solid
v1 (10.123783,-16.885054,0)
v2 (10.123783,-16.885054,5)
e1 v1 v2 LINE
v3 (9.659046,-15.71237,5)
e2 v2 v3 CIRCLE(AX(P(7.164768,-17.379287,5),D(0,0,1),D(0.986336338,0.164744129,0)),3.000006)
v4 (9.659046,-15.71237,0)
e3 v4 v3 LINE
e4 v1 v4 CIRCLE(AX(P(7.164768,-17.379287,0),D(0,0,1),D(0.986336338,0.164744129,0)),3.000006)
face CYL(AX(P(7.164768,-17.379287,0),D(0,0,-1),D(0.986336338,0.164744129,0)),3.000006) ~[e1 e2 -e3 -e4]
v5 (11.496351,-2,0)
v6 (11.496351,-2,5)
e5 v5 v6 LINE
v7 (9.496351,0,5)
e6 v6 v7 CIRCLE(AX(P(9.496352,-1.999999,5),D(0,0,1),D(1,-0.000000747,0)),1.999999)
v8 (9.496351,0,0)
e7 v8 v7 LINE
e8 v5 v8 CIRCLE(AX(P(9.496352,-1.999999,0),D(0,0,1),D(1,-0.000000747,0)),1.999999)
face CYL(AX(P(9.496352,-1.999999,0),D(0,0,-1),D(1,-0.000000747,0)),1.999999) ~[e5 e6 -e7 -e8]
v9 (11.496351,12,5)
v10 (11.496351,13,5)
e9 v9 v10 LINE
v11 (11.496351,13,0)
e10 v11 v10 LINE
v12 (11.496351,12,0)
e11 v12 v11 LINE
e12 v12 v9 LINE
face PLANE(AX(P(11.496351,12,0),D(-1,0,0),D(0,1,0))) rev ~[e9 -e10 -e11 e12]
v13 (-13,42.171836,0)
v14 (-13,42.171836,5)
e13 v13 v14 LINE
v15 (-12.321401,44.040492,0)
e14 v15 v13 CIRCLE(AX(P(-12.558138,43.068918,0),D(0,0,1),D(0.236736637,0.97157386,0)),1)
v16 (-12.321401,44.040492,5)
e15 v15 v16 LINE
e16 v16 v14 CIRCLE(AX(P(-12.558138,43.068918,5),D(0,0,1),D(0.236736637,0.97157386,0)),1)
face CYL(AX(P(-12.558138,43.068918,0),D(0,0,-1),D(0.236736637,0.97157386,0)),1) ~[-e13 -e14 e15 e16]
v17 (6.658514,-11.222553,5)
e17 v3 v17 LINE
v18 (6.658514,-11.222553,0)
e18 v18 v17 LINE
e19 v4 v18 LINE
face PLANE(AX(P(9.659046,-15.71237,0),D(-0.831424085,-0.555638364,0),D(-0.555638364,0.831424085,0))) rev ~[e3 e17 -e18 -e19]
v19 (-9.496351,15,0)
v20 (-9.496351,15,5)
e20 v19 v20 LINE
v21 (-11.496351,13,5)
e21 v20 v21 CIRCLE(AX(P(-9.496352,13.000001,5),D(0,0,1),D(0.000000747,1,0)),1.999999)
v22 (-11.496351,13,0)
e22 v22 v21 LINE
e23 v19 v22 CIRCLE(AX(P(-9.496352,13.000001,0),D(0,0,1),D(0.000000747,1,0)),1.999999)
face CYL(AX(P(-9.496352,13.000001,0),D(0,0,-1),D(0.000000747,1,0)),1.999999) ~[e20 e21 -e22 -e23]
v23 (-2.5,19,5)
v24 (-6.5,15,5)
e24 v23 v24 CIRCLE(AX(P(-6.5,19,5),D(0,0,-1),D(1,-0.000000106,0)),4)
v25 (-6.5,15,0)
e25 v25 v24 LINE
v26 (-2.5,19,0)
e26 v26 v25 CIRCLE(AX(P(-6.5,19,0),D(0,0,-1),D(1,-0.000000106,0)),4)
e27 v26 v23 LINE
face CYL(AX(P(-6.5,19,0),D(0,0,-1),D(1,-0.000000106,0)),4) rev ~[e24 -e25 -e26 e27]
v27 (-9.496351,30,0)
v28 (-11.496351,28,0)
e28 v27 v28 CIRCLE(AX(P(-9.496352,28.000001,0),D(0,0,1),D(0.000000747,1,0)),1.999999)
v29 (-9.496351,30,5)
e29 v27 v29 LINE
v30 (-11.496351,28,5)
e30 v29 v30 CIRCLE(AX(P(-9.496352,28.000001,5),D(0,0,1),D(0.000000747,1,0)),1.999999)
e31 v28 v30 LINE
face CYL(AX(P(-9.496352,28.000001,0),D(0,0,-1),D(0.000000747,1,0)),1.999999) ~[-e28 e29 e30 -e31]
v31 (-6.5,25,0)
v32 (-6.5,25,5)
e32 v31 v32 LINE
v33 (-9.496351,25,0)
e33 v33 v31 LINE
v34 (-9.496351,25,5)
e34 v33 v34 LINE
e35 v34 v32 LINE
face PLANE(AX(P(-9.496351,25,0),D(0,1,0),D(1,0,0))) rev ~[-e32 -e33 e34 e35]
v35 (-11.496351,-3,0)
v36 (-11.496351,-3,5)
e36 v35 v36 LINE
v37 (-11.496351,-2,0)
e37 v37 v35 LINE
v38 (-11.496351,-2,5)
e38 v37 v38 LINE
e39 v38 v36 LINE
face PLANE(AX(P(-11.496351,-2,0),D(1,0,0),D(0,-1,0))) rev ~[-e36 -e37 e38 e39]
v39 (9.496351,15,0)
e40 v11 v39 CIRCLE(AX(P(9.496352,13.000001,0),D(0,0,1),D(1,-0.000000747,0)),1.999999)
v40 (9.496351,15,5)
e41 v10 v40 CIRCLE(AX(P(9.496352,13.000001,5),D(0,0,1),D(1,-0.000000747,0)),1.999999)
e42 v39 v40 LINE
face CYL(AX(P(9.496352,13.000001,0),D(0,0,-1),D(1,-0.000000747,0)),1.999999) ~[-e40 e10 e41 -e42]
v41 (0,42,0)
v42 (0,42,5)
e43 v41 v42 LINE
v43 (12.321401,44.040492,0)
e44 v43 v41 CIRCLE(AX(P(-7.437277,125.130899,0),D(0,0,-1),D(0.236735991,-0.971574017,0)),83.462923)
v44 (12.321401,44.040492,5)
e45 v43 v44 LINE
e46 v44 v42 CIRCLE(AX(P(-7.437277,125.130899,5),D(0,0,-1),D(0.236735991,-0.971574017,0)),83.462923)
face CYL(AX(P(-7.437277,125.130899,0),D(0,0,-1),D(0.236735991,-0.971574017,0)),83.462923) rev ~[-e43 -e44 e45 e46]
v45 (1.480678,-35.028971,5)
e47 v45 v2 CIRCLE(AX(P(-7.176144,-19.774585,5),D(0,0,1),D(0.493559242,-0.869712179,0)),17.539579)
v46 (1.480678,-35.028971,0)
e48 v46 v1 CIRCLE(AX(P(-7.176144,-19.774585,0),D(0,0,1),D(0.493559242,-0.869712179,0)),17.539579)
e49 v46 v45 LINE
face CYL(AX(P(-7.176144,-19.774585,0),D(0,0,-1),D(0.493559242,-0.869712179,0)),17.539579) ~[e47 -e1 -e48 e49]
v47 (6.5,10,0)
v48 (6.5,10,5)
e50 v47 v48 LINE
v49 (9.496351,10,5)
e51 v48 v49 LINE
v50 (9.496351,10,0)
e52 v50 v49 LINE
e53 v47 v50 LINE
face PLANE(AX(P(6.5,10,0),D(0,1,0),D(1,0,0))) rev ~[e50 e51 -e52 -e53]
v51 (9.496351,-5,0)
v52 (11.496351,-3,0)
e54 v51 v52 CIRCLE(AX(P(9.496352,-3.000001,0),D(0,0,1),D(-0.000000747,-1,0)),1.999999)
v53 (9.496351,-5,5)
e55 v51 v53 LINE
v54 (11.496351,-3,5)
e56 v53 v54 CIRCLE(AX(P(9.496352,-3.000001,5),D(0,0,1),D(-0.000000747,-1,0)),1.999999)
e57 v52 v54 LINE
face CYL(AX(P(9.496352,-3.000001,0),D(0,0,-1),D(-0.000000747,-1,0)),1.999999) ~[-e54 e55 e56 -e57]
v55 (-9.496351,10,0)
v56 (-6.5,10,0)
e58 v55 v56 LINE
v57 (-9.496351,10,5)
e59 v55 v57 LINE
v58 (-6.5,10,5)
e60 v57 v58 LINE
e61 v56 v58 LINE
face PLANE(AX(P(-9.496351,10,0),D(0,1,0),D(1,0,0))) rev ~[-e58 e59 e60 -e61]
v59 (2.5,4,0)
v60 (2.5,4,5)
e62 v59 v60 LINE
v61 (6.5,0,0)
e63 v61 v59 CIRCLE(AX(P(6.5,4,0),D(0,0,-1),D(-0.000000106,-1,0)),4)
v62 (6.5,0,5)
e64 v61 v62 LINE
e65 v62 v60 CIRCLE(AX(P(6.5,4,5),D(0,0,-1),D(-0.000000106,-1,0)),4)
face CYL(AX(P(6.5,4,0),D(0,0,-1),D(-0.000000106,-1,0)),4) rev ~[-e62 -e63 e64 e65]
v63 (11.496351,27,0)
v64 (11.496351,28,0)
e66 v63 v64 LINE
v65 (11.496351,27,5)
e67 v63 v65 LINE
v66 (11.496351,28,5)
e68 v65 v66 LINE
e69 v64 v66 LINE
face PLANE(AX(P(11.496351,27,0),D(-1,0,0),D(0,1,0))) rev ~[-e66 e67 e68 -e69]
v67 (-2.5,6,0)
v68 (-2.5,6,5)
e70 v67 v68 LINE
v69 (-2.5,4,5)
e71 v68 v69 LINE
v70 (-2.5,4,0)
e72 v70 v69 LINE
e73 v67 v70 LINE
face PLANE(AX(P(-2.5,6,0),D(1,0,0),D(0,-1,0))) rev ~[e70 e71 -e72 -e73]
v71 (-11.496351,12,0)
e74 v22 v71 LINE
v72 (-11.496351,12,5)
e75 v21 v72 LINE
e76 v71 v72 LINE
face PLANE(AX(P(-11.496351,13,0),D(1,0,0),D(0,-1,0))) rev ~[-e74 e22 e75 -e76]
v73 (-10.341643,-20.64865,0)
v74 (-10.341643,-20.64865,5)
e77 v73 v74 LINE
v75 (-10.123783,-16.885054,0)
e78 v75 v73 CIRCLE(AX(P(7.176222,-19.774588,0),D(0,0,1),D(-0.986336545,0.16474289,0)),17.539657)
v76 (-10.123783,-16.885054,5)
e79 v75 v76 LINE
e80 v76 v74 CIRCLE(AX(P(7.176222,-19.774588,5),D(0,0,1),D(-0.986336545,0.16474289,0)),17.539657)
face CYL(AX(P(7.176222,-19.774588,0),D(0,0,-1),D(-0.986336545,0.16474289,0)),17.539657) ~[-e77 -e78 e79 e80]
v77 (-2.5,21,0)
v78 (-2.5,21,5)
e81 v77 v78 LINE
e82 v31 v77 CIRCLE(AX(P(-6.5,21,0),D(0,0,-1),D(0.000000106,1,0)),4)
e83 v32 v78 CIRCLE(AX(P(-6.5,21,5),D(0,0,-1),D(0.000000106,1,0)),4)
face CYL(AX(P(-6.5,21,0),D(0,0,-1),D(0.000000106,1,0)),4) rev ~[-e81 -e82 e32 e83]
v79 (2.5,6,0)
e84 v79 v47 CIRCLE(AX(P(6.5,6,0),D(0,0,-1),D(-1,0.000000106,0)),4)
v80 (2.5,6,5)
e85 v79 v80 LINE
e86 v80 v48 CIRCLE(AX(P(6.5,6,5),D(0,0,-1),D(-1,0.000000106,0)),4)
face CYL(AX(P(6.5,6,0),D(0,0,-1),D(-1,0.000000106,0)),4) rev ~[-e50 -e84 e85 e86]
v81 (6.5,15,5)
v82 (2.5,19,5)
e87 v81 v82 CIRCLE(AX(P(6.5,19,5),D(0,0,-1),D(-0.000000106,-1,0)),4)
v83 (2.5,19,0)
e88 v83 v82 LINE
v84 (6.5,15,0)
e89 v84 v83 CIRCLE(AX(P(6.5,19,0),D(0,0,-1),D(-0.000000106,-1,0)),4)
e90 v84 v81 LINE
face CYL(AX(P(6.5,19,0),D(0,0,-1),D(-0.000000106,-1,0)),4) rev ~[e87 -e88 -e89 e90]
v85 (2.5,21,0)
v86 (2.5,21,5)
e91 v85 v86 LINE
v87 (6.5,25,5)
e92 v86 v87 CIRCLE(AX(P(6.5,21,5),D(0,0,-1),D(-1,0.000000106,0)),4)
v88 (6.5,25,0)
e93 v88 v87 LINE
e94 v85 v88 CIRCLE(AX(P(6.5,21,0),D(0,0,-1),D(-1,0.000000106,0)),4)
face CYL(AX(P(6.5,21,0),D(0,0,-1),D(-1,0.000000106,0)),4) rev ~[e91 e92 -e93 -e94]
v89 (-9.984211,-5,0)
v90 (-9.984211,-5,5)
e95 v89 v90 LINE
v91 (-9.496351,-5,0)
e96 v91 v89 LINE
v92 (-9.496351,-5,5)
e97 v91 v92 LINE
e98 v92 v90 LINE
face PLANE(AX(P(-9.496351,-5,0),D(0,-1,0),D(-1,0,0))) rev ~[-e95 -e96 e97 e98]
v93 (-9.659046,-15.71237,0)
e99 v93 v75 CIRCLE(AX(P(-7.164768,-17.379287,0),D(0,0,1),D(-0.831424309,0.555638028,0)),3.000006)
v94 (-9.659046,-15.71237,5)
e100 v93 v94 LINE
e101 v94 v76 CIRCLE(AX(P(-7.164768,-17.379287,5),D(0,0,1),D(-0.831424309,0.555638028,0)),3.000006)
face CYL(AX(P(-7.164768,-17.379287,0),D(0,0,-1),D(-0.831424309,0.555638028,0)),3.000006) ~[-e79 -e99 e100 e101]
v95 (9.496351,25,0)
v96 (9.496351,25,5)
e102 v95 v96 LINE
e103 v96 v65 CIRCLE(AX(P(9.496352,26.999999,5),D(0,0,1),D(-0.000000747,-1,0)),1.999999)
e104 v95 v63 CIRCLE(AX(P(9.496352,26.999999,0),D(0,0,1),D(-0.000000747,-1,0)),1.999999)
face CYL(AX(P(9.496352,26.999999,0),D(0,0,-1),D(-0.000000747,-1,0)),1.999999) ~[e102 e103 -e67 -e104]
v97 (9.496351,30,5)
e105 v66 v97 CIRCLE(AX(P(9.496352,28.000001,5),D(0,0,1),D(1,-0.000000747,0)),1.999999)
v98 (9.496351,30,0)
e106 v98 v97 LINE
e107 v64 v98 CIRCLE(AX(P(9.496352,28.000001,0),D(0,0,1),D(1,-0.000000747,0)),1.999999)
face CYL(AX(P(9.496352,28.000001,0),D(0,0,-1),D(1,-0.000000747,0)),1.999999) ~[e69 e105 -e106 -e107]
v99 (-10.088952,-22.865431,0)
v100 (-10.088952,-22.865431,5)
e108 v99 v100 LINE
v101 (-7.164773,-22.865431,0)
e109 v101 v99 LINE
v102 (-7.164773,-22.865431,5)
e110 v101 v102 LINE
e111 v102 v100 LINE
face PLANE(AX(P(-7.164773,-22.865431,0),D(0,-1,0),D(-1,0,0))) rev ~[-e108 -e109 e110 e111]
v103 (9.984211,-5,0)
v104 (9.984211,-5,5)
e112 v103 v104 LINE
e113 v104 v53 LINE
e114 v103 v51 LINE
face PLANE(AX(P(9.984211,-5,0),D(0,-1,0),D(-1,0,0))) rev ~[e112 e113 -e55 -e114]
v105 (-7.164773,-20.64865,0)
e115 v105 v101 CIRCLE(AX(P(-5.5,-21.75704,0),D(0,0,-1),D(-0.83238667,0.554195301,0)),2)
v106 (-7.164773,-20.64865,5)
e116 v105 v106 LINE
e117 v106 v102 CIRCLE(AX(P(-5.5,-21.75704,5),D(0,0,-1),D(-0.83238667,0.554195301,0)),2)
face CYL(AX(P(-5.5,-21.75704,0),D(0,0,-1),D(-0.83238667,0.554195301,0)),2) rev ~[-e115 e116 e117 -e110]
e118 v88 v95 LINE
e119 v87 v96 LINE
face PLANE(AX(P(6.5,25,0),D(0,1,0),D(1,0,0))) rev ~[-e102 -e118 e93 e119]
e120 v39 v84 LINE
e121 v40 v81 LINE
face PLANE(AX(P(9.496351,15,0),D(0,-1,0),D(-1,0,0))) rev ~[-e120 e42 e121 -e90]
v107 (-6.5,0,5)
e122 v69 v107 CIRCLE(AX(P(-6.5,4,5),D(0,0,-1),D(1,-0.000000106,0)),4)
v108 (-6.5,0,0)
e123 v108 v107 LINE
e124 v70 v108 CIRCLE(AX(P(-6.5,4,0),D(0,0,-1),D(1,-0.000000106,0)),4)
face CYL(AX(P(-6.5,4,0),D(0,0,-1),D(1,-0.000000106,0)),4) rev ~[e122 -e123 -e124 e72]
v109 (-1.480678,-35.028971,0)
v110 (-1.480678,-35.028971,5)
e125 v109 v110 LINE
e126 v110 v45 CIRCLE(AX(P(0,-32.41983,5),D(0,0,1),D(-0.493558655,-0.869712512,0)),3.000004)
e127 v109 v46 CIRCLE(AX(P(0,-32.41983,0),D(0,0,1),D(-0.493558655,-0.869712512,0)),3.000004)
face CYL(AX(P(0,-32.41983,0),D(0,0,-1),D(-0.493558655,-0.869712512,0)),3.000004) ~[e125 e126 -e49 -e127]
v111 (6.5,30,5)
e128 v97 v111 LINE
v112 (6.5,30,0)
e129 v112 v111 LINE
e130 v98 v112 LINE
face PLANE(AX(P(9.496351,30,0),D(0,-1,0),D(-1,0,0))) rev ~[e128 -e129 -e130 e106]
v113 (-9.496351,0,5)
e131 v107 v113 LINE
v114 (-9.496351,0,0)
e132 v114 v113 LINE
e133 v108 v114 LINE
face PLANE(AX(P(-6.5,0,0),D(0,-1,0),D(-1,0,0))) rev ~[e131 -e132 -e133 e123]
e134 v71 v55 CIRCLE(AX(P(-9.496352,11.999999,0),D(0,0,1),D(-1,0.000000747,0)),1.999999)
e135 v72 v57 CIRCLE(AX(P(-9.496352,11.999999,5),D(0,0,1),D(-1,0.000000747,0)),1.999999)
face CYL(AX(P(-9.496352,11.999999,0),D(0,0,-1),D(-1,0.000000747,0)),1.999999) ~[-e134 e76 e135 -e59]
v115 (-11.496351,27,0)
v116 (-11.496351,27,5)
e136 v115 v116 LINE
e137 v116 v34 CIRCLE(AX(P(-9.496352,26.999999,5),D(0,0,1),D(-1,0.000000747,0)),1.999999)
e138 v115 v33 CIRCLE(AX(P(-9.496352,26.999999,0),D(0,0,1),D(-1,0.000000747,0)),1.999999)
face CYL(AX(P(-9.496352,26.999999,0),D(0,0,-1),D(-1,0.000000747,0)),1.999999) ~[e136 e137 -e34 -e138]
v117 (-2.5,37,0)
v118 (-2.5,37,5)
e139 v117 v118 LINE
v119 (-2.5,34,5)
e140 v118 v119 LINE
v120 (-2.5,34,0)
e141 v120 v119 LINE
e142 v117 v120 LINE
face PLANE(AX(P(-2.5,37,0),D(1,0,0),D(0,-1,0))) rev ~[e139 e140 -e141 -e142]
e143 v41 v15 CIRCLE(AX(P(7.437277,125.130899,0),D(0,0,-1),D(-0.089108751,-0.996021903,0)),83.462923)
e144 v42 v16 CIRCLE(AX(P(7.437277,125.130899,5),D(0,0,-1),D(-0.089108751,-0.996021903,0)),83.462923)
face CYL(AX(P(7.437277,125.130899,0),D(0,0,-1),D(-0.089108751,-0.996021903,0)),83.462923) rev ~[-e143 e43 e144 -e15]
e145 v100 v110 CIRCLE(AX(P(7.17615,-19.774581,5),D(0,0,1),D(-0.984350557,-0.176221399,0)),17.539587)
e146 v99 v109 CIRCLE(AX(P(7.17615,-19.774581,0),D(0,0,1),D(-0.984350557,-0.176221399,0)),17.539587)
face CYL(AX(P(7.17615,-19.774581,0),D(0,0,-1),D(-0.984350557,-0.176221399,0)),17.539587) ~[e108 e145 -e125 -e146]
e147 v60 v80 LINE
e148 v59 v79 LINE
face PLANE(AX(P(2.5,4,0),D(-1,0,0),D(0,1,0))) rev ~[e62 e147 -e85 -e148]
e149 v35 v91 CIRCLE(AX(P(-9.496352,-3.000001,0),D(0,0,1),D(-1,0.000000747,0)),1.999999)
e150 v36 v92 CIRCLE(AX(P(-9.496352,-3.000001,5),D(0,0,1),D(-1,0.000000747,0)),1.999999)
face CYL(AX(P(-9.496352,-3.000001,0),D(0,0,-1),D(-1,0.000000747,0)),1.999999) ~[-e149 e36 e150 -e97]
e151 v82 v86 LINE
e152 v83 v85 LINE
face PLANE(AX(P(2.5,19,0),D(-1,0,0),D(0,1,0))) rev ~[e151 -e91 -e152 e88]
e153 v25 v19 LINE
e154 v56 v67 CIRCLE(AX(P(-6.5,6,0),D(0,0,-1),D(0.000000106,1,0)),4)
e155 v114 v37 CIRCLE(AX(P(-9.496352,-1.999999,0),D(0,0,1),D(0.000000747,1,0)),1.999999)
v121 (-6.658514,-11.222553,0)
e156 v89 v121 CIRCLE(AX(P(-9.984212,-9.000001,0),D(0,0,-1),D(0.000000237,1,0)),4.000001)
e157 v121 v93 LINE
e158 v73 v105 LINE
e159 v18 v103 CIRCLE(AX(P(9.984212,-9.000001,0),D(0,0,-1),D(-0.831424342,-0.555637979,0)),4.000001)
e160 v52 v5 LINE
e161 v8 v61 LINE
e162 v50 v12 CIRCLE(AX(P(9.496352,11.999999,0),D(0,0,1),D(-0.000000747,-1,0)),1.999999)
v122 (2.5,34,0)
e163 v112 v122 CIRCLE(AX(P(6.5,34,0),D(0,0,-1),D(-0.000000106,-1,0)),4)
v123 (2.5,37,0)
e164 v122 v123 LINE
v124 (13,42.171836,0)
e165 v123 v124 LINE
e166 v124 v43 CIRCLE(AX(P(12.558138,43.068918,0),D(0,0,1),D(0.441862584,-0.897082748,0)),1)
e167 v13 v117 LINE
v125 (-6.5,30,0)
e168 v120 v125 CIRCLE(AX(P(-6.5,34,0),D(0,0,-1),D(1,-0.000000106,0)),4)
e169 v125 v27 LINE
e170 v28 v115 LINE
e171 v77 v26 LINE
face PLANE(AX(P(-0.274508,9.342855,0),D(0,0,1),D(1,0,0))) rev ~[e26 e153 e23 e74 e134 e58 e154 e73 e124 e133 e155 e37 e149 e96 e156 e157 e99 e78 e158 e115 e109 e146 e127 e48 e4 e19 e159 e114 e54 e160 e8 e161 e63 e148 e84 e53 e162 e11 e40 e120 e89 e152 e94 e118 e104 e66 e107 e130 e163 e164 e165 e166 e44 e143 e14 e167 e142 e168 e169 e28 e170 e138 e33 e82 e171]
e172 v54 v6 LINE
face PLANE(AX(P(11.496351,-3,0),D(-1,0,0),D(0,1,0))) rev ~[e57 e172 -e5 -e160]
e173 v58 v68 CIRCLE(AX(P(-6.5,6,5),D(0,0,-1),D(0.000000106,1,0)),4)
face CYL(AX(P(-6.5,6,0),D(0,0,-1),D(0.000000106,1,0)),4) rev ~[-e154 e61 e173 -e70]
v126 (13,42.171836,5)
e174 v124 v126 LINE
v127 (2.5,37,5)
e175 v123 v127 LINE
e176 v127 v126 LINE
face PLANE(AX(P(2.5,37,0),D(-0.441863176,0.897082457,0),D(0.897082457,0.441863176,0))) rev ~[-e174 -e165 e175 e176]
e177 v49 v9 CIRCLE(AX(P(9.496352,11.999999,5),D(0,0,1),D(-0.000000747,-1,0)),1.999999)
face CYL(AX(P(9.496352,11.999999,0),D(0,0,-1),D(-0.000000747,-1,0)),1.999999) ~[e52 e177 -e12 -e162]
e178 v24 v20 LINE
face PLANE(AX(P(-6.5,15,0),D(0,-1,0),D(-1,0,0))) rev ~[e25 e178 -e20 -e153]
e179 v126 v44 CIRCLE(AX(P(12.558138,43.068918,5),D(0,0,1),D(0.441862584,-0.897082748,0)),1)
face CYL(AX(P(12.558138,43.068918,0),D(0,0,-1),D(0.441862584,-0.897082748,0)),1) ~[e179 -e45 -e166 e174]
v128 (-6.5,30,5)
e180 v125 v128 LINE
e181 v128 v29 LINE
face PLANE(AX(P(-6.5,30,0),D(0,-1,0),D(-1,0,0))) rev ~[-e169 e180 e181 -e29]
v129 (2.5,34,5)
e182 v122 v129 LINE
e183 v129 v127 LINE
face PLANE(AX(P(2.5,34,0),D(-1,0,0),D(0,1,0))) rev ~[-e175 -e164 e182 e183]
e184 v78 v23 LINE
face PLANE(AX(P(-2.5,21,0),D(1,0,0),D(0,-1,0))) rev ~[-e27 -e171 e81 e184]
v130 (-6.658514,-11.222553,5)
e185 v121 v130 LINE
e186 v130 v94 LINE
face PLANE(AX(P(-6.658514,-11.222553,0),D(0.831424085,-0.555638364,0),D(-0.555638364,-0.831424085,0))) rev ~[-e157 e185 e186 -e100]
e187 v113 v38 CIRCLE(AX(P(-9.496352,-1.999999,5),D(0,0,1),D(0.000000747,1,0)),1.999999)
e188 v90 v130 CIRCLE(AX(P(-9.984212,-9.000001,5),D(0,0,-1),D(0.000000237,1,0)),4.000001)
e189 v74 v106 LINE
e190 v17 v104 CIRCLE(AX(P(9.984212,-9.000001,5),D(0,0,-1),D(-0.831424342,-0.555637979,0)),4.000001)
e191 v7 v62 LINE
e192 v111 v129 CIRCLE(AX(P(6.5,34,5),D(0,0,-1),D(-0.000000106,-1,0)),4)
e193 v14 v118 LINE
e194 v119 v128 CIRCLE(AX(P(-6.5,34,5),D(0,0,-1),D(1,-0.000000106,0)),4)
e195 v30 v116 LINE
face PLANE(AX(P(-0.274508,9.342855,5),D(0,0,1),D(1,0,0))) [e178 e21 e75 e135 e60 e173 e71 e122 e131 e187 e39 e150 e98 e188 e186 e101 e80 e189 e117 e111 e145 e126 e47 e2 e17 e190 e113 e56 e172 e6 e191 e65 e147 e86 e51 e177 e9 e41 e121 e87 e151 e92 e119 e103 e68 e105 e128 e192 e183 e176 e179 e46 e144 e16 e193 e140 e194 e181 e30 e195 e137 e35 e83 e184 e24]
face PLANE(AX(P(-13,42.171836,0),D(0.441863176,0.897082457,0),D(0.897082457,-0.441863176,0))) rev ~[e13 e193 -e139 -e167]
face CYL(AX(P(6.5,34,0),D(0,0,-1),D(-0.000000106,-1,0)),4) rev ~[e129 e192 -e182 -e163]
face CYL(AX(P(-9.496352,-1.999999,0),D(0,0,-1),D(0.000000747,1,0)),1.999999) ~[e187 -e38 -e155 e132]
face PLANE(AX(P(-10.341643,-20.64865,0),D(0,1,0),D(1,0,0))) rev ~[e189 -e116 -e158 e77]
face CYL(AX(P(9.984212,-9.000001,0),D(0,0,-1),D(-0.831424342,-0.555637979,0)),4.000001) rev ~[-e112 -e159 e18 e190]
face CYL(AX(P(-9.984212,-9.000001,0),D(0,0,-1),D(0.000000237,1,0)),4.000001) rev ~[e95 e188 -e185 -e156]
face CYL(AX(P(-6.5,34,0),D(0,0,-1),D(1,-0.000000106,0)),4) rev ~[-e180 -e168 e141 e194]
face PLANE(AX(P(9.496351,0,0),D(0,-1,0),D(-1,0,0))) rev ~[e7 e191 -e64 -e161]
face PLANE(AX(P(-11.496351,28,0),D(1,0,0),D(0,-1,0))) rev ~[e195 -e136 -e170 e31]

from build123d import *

# Parameters (mm, degrees)
F1_DEPTH = 5


with BuildPart() as f1:
    # F0 (on Top) → F1 (new body)
    with BuildSketch(Plane.XY):
        with BuildLine():
            Line((-6.658514, -11.222553), (-9.659046, -15.71237))
            ThreePointArc((-9.659046, -15.71237), (-9.953746, -16.27401), (-10.123783, -16.885054))
            ThreePointArc((-10.123783, -16.885054), (-10.334123, -18.760982), (-10.341643, -20.64865))
            Line((-10.341643, -20.64865), (-7.164773, -20.64865))
            ThreePointArc((-7.164773, -20.64865), (-3.5, -21.75704), (-7.164773, -22.865431))
            Line((-7.164773, -22.865431), (-10.088952, -22.865431))
            ThreePointArc((-10.088952, -22.865431), (-7.140782, -29.906834), (-1.480678, -35.028971))
            ThreePointArc((-1.480678, -35.028971), (0, -35.419834), (1.480678, -35.028971))
            ThreePointArc((1.480678, -35.028971), (8.658585, -27.317676), (10.123783, -16.885054))
            ThreePointArc((10.123783, -16.885054), (9.953746, -16.27401), (9.659046, -15.71237))
            Line((9.659046, -15.71237), (6.658514, -11.222553))
            ThreePointArc((6.658514, -11.222553), (6.456449, -7.114558), (9.984211, -5))
            Line((9.984211, -5), (9.496351, -5))
            ThreePointArc((9.496351, -5), (10.910565, -4.414214), (11.496351, -3))
            Line((11.496351, -3), (11.496351, -2))
            ThreePointArc((11.496351, -2), (10.910565, -0.585786), (9.496351, 0))
            Line((9.496351, 0), (6.5, 0))
            ThreePointArc((6.5, 0), (3.671573, 1.171573), (2.5, 4))
            Line((2.5, 4), (2.5, 6))
            ThreePointArc((2.5, 6), (3.671573, 8.828427), (6.5, 10))
            Line((6.5, 10), (9.496351, 10))
            ThreePointArc((9.496351, 10), (10.910565, 10.585786), (11.496351, 12))
            Line((11.496351, 12), (11.496351, 13))
            ThreePointArc((11.496351, 13), (10.910565, 14.414214), (9.496351, 15))
            Line((9.496351, 15), (6.5, 15))
            ThreePointArc((6.5, 15), (3.671573, 16.171573), (2.5, 19))
            Line((2.5, 19), (2.5, 21))
            ThreePointArc((2.5, 21), (3.671573, 23.828427), (6.5, 25))
            Line((6.5, 25), (9.496351, 25))
            ThreePointArc((9.496351, 25), (10.910565, 25.585786), (11.496351, 27))
            Line((11.496351, 27), (11.496351, 28))
            ThreePointArc((11.496351, 28), (10.910565, 29.414214), (9.496351, 30))
            Line((9.496351, 30), (6.5, 30))
            ThreePointArc((6.5, 30), (3.671573, 31.171573), (2.5, 34))
            Line((2.5, 34), (2.5, 37))
            Line((2.5, 37), (13, 42.171836))
            ThreePointArc((13, 42.171836), (13.498078, 43.410256), (12.321401, 44.040492))
            ThreePointArc((12.321401, 44.040492), (6.198921, 42.789454), (0, 42))
            ThreePointArc((0, 42), (-6.198921, 42.789454), (-12.321401, 44.040492))
            ThreePointArc((-12.321401, 44.040492), (-13.498078, 43.410256), (-13, 42.171836))
            Line((-13, 42.171836), (-2.5, 37))
            Line((-2.5, 37), (-2.5, 34))
            ThreePointArc((-2.5, 34), (-3.671573, 31.171573), (-6.5, 30))
            Line((-6.5, 30), (-9.496351, 30))
            ThreePointArc((-9.496351, 30), (-10.910565, 29.414214), (-11.496351, 28))
            Line((-11.496351, 28), (-11.496351, 27))
            ThreePointArc((-11.496351, 27), (-10.910565, 25.585786), (-9.496351, 25))
            Line((-9.496351, 25), (-6.5, 25))
            ThreePointArc((-6.5, 25), (-3.671573, 23.828427), (-2.5, 21))
            Line((-2.5, 21), (-2.5, 19))
            ThreePointArc((-2.5, 19), (-3.671573, 16.171573), (-6.5, 15))
            Line((-6.5, 15), (-9.496351, 15))
            ThreePointArc((-9.496351, 15), (-10.910565, 14.414214), (-11.496351, 13))
            Line((-11.496351, 13), (-11.496351, 12))
            ThreePointArc((-11.496351, 12), (-10.910565, 10.585786), (-9.496351, 10))
            Line((-9.496351, 10), (-6.5, 10))
            ThreePointArc((-6.5, 10), (-3.671573, 8.828427), (-2.5, 6))
            Line((-2.5, 6), (-2.5, 4))
            ThreePointArc((-2.5, 4), (-3.671573, 1.171573), (-6.5, 0))
            Line((-6.5, 0), (-9.496351, 0))
            ThreePointArc((-9.496351, 0), (-10.910565, -0.585786), (-11.496351, -2))
            Line((-11.496351, -2), (-11.496351, -3))
            ThreePointArc((-11.496351, -3), (-10.910565, -4.414214), (-9.496351, -5))
            Line((-9.496351, -5), (-9.984211, -5))
            ThreePointArc((-9.984211, -5), (-6.456449, -7.114558), (-6.658514, -11.222553))
        make_face()
    extrude(amount=F1_DEPTH)


solid = f1.part
